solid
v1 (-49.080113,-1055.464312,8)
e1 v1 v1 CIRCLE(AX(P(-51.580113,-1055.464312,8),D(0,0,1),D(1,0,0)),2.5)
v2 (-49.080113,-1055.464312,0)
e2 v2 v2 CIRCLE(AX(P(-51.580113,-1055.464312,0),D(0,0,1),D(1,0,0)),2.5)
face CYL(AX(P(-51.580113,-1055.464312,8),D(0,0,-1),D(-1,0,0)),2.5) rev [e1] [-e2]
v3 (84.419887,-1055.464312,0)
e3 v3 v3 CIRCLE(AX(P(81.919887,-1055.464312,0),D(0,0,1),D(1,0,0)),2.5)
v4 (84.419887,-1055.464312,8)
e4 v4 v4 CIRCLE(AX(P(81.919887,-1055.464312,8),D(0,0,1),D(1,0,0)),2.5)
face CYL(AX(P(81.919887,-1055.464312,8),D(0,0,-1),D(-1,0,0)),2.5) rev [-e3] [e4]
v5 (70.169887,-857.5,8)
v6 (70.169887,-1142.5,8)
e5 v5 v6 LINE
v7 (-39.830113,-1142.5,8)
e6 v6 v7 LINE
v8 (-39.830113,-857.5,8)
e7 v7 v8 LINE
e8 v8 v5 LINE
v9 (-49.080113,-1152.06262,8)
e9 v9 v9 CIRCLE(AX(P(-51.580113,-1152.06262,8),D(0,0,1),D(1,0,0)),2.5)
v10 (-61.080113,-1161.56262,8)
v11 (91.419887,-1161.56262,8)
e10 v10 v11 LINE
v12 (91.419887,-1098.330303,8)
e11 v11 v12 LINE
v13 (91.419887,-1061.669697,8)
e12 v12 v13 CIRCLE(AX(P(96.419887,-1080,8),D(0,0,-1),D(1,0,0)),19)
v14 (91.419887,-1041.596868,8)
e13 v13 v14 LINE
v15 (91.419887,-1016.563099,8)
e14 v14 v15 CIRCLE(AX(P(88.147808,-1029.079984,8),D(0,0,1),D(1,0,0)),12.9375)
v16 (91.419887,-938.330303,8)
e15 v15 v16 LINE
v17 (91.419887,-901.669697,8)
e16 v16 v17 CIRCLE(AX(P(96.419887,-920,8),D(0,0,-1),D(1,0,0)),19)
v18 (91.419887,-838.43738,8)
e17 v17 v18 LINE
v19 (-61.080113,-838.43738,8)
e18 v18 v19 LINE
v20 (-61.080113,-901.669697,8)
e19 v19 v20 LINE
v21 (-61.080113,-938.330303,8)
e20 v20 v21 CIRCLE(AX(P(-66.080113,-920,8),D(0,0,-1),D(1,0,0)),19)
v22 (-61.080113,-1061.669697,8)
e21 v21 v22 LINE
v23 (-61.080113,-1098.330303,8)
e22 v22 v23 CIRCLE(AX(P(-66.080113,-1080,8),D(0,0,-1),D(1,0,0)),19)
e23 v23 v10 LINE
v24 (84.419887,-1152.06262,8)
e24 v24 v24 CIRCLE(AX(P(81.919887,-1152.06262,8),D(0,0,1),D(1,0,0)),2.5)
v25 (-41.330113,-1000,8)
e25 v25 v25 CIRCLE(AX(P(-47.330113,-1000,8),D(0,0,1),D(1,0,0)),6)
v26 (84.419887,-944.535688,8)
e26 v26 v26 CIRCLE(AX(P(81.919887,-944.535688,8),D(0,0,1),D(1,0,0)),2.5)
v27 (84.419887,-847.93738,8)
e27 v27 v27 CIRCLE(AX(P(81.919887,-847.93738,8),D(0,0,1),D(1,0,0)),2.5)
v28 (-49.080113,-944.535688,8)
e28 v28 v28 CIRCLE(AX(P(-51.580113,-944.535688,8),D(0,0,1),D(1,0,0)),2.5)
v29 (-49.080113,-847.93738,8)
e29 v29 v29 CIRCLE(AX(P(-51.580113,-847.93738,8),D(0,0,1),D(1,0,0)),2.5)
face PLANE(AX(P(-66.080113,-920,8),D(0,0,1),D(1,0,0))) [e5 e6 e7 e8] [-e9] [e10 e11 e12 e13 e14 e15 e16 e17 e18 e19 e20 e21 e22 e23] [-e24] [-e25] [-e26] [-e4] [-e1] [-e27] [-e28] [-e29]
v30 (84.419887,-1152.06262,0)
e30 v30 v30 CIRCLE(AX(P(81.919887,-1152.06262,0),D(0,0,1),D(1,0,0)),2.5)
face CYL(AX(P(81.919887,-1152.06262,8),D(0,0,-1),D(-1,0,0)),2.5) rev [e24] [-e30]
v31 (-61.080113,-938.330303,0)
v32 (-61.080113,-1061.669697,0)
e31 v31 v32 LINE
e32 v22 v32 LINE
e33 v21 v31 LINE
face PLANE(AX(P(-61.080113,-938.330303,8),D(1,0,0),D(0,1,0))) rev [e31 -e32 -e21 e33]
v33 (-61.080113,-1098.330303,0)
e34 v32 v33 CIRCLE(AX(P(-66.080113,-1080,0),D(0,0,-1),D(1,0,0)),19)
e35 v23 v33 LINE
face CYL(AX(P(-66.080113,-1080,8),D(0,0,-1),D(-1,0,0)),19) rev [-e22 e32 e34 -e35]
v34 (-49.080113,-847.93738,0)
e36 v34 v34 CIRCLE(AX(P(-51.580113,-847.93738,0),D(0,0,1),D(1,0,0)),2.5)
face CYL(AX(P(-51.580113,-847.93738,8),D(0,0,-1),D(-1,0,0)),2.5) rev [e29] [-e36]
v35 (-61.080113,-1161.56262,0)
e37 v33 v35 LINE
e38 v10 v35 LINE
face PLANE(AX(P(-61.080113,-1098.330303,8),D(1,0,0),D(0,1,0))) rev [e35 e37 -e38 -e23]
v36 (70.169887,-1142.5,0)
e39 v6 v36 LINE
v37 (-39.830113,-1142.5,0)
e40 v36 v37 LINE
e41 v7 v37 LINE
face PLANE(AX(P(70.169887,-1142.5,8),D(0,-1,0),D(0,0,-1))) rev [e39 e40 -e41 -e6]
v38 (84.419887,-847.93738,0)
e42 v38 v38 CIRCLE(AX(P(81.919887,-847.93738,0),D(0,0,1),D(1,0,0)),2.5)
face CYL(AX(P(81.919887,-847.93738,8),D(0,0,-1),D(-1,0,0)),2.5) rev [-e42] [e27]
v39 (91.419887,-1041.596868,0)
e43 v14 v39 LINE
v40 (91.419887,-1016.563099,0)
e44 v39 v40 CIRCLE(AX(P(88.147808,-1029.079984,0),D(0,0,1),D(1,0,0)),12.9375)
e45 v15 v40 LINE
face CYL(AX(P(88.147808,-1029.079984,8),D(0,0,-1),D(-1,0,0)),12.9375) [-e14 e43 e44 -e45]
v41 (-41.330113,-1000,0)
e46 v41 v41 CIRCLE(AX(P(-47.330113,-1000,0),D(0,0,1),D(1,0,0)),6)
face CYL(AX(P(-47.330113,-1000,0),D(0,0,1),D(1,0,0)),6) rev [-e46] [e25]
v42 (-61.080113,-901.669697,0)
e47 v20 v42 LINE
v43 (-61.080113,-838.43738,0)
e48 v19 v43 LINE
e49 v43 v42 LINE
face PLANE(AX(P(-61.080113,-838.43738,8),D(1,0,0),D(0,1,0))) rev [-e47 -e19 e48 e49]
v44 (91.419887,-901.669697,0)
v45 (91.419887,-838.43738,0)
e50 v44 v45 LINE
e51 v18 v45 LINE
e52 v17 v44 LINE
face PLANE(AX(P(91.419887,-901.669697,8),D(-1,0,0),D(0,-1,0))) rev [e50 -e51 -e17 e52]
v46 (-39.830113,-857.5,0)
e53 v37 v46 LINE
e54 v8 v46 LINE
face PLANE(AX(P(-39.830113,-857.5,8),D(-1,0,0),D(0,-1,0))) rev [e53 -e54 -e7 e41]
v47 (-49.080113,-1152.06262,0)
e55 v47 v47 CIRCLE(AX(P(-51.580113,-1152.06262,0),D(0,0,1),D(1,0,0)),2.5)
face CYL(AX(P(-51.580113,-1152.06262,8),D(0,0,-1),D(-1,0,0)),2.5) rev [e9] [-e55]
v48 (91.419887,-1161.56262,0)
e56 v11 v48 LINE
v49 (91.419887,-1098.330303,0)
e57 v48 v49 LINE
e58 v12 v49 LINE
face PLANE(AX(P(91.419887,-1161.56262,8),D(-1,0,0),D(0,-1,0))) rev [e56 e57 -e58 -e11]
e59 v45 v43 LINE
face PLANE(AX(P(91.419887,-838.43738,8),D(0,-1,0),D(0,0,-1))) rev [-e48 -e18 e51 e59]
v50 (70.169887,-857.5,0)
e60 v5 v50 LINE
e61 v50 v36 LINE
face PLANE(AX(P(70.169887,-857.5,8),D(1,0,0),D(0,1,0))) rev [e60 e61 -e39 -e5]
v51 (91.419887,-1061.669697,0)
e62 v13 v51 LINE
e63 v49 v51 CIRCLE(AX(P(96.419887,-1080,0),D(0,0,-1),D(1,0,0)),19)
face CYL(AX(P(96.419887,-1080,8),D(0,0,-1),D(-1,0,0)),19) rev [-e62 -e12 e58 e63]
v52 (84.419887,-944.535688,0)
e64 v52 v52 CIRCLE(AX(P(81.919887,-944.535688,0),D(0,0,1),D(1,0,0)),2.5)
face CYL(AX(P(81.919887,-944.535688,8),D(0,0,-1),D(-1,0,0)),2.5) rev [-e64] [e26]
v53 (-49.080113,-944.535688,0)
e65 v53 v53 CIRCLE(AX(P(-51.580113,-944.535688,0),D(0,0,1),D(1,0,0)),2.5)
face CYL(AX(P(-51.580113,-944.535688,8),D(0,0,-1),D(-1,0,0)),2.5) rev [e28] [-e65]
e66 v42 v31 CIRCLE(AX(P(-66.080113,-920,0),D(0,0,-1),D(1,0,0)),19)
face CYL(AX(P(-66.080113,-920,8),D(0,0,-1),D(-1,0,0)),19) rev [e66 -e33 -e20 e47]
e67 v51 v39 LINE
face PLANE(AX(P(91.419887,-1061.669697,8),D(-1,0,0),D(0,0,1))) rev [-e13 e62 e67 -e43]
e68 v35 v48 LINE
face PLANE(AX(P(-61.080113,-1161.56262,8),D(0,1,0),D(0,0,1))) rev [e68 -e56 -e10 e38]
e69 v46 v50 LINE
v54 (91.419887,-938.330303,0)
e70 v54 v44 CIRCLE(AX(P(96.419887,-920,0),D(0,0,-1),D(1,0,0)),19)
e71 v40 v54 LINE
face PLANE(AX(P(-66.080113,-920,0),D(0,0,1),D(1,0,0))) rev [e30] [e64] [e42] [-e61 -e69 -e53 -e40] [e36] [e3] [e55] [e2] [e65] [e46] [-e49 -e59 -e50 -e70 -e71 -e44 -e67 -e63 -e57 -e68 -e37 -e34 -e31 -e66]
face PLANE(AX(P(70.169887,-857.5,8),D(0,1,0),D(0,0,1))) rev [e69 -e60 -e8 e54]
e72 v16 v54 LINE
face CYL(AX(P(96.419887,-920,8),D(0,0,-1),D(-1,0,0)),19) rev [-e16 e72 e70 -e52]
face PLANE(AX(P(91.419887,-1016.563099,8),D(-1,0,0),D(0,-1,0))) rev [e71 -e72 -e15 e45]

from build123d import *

# Parameters (mm, degrees)
SKETCH1_R           = 2.5
BOSS_EXTRUDE1_DEPTH = 8
SKETCH5_W           = 110
SKETCH5_H           = 285
CUT_EXTRUDE4_DEPTH  = 9
SKETCH6_R           = 6
CUT_EXTRUDE5_DEPTH  = 9


with BuildPart() as part:
    # Sketch1 → Boss-Extrude1 (new body)
    with BuildSketch(Plane.XY):
        with BuildLine():
            Line((-61.080112923, -938.33030278), (-61.080112923, -1061.66969722))
            ThreePointArc((-61.080112923, -1061.66969722), (-47.080112923, -1080), (-61.080112923, -1098.33030278))
            Line((-61.080112923, -1098.33030278), (-61.080112923, -1161.56262))
            Line((-61.080112923, -1161.56262), (91.419887077, -1161.56262))
            Line((91.419887077, -1161.56262), (91.419887077, -1098.33030278))
            ThreePointArc((91.419887077, -1098.33030278), (77.419887077, -1080), (91.419887077, -1061.66969722))
            Line((91.419887077, -1061.66969722), (91.419887077, -1041.596868336))
            ThreePointArc((91.419887077, -1041.596868336), (101.085308187, -1029.0799835), (91.419887077, -1016.563098664))
            Line((91.419887077, -1016.563098664), (91.419887077, -938.33030278))
            ThreePointArc((91.419887077, -938.33030278), (77.419887077, -920), (91.419887077, -901.66969722))
            Line((91.419887077, -901.66969722), (91.419887077, -838.43738))
            Line((91.419887077, -838.43738), (-61.080112923, -838.43738))
            Line((-61.080112923, -838.43738), (-61.080112923, -901.66969722))
            ThreePointArc((-61.080112923, -901.66969722), (-47.080112923, -920), (-61.080112923, -938.33030278))
        make_face()
        with Locations((-51.580112923, -847.93738)):
            Circle(SKETCH1_R, mode=Mode.SUBTRACT)
        with Locations((81.919887077, -847.93738)):
            Circle(SKETCH1_R, mode=Mode.SUBTRACT)
        with Locations((81.919887077, -944.535688293)):
            Circle(SKETCH1_R, mode=Mode.SUBTRACT)
        with Locations((-51.580112923, -944.535688293)):
            Circle(SKETCH1_R, mode=Mode.SUBTRACT)
        with Locations((-51.580112923, -1055.464311707)):
            Circle(SKETCH1_R, mode=Mode.SUBTRACT)
        with Locations((81.919887077, -1055.464311707)):
            Circle(SKETCH1_R, mode=Mode.SUBTRACT)
        with Locations((81.919887077, -1152.06262)):
            Circle(SKETCH1_R, mode=Mode.SUBTRACT)
        with Locations((-51.580112923, -1152.06262)):
            Circle(SKETCH1_R, mode=Mode.SUBTRACT)
    extrude(amount=BOSS_EXTRUDE1_DEPTH)

    # Sketch5 → Cut-Extrude4 (cut, through all)
    with BuildSketch(Plane(origin=(0, 0, 0), x_dir=(-1, 0, 0), z_dir=(0, 0, -1))):
        with Locations((-15.169887077, -1000)):
            Rectangle(SKETCH5_W, SKETCH5_H)
    extrude(amount=-CUT_EXTRUDE4_DEPTH, mode=Mode.SUBTRACT)

    # Sketch6 → Cut-Extrude5 (cut, through all)
    with BuildSketch(Plane.XY.offset(8)):
        with Locations((-47.330112923, -1000)):
            Circle(SKETCH6_R)
    extrude(amount=-CUT_EXTRUDE5_DEPTH, mode=Mode.SUBTRACT)


solid = part.part
